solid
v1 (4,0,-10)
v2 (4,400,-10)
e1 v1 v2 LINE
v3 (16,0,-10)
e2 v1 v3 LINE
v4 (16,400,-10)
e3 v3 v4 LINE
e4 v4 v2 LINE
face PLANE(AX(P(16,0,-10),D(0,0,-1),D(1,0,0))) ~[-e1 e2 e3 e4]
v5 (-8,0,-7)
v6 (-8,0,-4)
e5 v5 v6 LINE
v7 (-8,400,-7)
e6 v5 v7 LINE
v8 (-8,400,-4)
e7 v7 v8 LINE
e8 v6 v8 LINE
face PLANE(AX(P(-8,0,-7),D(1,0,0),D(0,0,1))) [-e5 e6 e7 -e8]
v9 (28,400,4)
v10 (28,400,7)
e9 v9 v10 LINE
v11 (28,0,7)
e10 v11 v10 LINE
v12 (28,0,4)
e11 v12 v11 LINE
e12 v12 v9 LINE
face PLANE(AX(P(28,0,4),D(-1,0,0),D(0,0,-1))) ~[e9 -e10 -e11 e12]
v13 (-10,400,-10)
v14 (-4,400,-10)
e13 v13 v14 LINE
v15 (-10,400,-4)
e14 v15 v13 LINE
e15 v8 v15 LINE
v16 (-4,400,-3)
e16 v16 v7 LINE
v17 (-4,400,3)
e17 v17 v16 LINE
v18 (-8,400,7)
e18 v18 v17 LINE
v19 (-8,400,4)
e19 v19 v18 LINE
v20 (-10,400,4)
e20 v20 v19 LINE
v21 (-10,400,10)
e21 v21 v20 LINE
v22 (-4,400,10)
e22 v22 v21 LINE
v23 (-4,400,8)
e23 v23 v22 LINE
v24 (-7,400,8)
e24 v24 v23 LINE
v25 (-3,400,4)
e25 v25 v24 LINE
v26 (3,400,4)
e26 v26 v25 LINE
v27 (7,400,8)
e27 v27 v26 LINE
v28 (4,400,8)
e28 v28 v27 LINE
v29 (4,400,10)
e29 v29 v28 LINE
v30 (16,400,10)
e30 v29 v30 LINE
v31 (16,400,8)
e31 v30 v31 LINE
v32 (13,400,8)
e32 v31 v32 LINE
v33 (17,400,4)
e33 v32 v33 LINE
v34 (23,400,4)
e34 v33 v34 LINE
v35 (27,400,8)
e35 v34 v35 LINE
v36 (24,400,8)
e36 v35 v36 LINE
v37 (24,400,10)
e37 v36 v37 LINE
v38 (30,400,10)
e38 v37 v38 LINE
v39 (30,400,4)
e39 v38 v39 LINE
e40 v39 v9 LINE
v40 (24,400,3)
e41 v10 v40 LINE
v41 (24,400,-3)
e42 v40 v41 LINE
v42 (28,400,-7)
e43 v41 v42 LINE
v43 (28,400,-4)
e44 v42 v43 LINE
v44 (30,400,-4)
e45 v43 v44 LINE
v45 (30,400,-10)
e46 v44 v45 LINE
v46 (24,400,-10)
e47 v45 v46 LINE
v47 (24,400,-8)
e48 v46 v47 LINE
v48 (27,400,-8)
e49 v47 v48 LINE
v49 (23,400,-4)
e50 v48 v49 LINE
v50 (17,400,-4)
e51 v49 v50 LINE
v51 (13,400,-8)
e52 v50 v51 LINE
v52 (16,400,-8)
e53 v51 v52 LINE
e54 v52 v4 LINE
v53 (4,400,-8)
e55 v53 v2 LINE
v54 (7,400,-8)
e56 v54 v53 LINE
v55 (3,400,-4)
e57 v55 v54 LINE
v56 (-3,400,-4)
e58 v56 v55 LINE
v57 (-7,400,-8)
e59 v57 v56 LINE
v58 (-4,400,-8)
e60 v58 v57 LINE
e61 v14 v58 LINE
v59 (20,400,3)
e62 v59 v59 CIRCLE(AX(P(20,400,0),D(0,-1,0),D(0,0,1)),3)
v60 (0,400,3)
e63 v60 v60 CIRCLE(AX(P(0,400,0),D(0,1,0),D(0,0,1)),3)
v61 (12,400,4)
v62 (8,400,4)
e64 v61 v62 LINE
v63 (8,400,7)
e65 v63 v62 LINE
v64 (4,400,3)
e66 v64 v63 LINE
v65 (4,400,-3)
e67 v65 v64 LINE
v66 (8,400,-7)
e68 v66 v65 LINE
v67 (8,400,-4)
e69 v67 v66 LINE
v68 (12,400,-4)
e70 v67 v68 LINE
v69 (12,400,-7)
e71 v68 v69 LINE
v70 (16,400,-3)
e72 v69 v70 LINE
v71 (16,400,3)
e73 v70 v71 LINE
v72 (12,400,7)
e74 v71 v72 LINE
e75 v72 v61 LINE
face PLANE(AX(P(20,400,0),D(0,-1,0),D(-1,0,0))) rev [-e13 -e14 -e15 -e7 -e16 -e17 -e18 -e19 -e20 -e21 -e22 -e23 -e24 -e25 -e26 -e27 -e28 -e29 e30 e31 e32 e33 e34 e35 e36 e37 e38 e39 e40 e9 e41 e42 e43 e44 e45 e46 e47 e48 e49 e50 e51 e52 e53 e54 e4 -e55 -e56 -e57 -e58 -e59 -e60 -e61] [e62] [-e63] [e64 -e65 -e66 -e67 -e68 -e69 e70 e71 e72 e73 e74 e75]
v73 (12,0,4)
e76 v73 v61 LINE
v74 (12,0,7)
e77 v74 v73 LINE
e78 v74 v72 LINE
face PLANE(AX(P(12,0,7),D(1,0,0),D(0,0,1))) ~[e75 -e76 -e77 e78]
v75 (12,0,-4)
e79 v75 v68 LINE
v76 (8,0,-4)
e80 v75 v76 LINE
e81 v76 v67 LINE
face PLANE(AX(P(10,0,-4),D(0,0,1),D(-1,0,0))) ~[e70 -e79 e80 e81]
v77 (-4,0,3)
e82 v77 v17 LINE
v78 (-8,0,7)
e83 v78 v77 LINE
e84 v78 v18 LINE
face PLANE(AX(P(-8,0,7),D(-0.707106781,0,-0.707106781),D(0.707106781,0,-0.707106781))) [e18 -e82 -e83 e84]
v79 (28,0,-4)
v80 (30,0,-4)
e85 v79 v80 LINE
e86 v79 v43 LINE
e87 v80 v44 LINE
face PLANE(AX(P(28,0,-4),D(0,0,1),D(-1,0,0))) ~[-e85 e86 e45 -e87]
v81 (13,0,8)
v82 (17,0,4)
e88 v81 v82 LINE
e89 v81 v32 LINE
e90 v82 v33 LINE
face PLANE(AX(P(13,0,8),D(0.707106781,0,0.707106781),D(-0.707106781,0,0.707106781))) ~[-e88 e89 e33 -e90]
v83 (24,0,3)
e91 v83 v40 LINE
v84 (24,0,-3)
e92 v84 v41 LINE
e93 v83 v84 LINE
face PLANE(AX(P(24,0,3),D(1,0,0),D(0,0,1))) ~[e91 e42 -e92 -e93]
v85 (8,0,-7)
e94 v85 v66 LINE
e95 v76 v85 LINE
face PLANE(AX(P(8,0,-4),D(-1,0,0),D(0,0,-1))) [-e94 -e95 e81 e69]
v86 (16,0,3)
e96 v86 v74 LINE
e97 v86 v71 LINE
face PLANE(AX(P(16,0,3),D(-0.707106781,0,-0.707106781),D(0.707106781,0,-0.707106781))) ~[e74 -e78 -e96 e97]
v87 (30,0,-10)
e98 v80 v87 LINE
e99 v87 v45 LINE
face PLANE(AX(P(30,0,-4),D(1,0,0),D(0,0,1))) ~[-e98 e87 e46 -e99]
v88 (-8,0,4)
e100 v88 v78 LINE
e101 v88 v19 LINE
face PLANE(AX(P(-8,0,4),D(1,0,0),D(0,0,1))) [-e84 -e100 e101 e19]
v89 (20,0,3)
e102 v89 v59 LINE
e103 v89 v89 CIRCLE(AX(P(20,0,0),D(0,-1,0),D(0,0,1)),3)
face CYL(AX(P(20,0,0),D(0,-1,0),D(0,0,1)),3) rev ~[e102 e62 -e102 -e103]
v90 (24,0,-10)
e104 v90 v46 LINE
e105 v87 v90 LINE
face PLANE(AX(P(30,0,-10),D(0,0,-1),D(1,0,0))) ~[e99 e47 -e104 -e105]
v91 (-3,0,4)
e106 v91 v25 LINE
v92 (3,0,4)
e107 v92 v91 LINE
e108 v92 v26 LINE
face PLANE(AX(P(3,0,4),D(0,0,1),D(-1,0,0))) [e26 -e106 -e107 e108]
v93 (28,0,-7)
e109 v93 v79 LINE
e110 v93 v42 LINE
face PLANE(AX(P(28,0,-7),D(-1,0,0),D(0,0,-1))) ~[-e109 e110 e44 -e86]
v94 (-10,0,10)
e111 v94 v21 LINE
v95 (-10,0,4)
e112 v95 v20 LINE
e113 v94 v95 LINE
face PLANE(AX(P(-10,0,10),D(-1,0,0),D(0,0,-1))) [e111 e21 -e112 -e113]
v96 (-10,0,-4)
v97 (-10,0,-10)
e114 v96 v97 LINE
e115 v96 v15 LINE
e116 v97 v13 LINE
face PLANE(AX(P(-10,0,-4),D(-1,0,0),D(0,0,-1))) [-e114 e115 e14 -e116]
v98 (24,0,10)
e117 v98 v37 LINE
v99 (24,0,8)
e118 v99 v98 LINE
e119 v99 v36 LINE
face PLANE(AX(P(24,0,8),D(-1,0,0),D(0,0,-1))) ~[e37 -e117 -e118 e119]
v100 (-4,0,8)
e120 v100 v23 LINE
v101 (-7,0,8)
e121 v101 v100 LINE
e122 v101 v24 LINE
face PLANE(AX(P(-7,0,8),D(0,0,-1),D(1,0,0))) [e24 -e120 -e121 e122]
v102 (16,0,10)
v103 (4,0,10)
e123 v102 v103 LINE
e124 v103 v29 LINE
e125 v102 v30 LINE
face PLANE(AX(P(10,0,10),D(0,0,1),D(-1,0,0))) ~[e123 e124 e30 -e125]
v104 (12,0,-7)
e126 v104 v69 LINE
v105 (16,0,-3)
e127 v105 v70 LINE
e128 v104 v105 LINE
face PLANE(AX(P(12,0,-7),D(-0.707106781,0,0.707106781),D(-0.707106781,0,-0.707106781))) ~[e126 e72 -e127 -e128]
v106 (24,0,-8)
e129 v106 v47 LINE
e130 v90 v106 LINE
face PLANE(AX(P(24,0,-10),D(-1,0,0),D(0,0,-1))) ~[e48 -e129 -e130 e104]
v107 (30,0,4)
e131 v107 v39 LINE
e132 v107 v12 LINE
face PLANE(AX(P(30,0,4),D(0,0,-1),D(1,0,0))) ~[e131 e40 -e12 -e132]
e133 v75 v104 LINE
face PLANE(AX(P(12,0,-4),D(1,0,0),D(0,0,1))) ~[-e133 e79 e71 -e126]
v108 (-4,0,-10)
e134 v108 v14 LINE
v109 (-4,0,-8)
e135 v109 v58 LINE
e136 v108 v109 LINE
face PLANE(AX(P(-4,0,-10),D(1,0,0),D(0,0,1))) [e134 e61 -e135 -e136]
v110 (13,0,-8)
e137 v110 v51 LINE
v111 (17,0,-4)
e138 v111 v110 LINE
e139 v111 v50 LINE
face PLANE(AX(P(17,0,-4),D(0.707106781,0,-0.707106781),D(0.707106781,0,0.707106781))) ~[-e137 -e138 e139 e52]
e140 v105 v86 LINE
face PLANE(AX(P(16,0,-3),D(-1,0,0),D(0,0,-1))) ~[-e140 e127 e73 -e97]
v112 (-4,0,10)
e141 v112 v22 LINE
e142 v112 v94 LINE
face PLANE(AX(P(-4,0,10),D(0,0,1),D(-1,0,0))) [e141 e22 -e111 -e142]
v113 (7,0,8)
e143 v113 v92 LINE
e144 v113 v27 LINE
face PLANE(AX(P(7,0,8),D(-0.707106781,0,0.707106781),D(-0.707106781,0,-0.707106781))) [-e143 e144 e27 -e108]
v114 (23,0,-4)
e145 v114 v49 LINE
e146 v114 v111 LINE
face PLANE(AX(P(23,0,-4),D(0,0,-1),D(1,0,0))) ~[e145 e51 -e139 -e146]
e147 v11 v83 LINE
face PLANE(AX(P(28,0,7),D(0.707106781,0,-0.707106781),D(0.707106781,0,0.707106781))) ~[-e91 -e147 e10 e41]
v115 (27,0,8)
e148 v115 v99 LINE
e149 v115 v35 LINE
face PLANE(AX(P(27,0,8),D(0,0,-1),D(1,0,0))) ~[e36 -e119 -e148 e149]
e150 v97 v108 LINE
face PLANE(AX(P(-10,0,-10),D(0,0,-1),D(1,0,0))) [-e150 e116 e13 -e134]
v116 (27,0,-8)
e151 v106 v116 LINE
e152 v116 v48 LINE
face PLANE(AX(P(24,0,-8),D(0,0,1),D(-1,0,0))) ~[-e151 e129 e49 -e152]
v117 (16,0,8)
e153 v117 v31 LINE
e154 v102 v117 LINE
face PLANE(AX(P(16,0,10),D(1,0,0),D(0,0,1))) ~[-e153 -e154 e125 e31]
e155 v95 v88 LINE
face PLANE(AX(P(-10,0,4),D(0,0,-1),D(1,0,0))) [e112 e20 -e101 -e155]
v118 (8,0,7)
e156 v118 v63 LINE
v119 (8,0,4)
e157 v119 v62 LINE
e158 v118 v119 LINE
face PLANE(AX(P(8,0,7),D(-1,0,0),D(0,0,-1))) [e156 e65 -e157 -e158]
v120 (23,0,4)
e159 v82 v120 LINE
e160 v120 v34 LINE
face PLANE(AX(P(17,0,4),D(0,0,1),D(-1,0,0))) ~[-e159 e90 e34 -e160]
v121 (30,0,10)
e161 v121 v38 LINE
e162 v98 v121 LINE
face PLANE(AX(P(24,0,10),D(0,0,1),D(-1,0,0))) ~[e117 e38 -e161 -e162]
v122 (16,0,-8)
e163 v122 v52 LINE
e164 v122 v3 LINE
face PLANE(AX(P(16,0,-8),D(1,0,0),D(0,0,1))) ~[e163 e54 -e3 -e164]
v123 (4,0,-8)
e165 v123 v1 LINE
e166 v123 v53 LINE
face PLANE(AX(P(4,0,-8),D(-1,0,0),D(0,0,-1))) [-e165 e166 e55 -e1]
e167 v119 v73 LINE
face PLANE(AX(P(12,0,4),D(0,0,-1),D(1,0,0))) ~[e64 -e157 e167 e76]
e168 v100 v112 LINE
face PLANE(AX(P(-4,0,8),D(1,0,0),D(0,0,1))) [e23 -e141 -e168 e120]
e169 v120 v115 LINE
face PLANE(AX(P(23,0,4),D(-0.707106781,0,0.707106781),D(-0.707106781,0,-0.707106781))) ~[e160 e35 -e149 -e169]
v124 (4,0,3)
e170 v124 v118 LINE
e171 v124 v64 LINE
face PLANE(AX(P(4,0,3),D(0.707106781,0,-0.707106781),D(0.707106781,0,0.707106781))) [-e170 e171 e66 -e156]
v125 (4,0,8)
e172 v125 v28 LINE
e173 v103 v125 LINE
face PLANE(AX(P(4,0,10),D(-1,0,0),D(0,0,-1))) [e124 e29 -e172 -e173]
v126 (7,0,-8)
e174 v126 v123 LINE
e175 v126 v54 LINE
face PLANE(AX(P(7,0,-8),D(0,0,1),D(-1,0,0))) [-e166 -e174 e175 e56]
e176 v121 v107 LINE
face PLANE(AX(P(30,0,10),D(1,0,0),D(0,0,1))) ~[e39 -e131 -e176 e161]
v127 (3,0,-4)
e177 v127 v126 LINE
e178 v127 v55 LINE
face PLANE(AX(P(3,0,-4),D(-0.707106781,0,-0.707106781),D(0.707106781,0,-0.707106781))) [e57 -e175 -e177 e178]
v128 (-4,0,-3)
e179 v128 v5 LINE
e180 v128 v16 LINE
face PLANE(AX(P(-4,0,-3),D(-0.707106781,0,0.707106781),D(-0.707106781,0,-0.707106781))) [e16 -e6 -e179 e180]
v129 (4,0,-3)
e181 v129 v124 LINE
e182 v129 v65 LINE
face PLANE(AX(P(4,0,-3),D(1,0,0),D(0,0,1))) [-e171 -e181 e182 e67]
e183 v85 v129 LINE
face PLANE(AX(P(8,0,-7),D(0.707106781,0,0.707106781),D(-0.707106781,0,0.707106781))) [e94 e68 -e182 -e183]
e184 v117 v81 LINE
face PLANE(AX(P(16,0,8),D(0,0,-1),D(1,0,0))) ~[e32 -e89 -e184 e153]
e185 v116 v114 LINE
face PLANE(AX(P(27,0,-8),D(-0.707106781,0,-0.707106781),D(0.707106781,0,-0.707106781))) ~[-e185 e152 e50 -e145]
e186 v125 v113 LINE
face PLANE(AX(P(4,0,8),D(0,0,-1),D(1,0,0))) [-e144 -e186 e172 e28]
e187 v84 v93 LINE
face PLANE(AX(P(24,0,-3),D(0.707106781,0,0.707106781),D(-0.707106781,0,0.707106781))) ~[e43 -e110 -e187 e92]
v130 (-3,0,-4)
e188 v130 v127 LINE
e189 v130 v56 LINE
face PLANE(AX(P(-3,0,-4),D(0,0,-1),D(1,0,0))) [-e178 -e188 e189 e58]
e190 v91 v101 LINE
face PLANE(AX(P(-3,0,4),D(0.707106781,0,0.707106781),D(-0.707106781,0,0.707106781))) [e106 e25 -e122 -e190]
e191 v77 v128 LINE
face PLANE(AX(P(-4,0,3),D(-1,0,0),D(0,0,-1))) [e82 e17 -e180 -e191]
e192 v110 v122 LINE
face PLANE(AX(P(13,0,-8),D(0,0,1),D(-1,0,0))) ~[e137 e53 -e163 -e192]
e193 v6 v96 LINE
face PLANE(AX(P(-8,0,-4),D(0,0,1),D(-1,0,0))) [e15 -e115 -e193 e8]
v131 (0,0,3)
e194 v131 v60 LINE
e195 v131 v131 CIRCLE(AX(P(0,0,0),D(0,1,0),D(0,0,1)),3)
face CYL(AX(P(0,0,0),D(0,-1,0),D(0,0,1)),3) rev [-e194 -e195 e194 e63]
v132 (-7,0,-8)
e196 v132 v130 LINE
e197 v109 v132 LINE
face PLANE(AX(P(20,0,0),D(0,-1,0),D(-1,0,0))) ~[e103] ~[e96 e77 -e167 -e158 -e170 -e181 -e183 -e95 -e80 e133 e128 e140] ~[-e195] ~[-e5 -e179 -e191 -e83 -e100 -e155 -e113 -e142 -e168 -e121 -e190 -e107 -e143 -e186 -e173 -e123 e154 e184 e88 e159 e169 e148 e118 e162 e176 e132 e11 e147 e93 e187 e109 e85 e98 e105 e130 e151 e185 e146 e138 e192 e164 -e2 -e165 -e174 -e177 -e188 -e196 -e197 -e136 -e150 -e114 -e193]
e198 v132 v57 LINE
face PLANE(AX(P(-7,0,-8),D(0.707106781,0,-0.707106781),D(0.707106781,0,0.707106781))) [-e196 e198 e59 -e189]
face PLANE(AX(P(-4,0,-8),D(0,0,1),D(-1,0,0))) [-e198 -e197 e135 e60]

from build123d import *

# Parameters (mm, degrees)
F_2020_SKETCH_R     = 3
BOSS_EXTRUDE1_DEPTH = 400


with BuildPart() as part:
    # 2020 sketch → Boss-Extrude1 (new body)
    with BuildSketch(Plane(origin=(0, 0, 0), x_dir=(1, 0, 0), z_dir=(0, 1, 0))):
        Polygon((-4, 10), (-4, 8), (-7, 8), (-3, 4), (3, 4), (7, 8), (4, 8), (4, 10), (10, 10), (10, 4), (8, 4), (8, 7), (4, 3), (4, -3), (8, -7), (8, -4), (10, -4), (10, -10), (4, -10), (4, -8), (7, -8), (3, -4), (-3, -4), (-7, -8), (-4, -8), (-4, -10), (-10, -10), (-10, -4), (-8, -4), (-8, -7), (-4, -3), (-4, 3), (-8, 7), (-8, 4), (-10, 4), (-10, 10), align=None)
        with Locations(Location((0, 0, 0), (0, 0, 270))):
            Circle(F_2020_SKETCH_R, mode=Mode.SUBTRACT)
    boss_extrude1 = extrude(amount=BOSS_EXTRUDE1_DEPTH)

    # Mirror1: Boss-Extrude1 across plane
    add(boss_extrude1.mirror(Plane(origin=(10, 400, 4), x_dir=(0, 0, 1), z_dir=(1, 0, 0))))


solid = part.part
